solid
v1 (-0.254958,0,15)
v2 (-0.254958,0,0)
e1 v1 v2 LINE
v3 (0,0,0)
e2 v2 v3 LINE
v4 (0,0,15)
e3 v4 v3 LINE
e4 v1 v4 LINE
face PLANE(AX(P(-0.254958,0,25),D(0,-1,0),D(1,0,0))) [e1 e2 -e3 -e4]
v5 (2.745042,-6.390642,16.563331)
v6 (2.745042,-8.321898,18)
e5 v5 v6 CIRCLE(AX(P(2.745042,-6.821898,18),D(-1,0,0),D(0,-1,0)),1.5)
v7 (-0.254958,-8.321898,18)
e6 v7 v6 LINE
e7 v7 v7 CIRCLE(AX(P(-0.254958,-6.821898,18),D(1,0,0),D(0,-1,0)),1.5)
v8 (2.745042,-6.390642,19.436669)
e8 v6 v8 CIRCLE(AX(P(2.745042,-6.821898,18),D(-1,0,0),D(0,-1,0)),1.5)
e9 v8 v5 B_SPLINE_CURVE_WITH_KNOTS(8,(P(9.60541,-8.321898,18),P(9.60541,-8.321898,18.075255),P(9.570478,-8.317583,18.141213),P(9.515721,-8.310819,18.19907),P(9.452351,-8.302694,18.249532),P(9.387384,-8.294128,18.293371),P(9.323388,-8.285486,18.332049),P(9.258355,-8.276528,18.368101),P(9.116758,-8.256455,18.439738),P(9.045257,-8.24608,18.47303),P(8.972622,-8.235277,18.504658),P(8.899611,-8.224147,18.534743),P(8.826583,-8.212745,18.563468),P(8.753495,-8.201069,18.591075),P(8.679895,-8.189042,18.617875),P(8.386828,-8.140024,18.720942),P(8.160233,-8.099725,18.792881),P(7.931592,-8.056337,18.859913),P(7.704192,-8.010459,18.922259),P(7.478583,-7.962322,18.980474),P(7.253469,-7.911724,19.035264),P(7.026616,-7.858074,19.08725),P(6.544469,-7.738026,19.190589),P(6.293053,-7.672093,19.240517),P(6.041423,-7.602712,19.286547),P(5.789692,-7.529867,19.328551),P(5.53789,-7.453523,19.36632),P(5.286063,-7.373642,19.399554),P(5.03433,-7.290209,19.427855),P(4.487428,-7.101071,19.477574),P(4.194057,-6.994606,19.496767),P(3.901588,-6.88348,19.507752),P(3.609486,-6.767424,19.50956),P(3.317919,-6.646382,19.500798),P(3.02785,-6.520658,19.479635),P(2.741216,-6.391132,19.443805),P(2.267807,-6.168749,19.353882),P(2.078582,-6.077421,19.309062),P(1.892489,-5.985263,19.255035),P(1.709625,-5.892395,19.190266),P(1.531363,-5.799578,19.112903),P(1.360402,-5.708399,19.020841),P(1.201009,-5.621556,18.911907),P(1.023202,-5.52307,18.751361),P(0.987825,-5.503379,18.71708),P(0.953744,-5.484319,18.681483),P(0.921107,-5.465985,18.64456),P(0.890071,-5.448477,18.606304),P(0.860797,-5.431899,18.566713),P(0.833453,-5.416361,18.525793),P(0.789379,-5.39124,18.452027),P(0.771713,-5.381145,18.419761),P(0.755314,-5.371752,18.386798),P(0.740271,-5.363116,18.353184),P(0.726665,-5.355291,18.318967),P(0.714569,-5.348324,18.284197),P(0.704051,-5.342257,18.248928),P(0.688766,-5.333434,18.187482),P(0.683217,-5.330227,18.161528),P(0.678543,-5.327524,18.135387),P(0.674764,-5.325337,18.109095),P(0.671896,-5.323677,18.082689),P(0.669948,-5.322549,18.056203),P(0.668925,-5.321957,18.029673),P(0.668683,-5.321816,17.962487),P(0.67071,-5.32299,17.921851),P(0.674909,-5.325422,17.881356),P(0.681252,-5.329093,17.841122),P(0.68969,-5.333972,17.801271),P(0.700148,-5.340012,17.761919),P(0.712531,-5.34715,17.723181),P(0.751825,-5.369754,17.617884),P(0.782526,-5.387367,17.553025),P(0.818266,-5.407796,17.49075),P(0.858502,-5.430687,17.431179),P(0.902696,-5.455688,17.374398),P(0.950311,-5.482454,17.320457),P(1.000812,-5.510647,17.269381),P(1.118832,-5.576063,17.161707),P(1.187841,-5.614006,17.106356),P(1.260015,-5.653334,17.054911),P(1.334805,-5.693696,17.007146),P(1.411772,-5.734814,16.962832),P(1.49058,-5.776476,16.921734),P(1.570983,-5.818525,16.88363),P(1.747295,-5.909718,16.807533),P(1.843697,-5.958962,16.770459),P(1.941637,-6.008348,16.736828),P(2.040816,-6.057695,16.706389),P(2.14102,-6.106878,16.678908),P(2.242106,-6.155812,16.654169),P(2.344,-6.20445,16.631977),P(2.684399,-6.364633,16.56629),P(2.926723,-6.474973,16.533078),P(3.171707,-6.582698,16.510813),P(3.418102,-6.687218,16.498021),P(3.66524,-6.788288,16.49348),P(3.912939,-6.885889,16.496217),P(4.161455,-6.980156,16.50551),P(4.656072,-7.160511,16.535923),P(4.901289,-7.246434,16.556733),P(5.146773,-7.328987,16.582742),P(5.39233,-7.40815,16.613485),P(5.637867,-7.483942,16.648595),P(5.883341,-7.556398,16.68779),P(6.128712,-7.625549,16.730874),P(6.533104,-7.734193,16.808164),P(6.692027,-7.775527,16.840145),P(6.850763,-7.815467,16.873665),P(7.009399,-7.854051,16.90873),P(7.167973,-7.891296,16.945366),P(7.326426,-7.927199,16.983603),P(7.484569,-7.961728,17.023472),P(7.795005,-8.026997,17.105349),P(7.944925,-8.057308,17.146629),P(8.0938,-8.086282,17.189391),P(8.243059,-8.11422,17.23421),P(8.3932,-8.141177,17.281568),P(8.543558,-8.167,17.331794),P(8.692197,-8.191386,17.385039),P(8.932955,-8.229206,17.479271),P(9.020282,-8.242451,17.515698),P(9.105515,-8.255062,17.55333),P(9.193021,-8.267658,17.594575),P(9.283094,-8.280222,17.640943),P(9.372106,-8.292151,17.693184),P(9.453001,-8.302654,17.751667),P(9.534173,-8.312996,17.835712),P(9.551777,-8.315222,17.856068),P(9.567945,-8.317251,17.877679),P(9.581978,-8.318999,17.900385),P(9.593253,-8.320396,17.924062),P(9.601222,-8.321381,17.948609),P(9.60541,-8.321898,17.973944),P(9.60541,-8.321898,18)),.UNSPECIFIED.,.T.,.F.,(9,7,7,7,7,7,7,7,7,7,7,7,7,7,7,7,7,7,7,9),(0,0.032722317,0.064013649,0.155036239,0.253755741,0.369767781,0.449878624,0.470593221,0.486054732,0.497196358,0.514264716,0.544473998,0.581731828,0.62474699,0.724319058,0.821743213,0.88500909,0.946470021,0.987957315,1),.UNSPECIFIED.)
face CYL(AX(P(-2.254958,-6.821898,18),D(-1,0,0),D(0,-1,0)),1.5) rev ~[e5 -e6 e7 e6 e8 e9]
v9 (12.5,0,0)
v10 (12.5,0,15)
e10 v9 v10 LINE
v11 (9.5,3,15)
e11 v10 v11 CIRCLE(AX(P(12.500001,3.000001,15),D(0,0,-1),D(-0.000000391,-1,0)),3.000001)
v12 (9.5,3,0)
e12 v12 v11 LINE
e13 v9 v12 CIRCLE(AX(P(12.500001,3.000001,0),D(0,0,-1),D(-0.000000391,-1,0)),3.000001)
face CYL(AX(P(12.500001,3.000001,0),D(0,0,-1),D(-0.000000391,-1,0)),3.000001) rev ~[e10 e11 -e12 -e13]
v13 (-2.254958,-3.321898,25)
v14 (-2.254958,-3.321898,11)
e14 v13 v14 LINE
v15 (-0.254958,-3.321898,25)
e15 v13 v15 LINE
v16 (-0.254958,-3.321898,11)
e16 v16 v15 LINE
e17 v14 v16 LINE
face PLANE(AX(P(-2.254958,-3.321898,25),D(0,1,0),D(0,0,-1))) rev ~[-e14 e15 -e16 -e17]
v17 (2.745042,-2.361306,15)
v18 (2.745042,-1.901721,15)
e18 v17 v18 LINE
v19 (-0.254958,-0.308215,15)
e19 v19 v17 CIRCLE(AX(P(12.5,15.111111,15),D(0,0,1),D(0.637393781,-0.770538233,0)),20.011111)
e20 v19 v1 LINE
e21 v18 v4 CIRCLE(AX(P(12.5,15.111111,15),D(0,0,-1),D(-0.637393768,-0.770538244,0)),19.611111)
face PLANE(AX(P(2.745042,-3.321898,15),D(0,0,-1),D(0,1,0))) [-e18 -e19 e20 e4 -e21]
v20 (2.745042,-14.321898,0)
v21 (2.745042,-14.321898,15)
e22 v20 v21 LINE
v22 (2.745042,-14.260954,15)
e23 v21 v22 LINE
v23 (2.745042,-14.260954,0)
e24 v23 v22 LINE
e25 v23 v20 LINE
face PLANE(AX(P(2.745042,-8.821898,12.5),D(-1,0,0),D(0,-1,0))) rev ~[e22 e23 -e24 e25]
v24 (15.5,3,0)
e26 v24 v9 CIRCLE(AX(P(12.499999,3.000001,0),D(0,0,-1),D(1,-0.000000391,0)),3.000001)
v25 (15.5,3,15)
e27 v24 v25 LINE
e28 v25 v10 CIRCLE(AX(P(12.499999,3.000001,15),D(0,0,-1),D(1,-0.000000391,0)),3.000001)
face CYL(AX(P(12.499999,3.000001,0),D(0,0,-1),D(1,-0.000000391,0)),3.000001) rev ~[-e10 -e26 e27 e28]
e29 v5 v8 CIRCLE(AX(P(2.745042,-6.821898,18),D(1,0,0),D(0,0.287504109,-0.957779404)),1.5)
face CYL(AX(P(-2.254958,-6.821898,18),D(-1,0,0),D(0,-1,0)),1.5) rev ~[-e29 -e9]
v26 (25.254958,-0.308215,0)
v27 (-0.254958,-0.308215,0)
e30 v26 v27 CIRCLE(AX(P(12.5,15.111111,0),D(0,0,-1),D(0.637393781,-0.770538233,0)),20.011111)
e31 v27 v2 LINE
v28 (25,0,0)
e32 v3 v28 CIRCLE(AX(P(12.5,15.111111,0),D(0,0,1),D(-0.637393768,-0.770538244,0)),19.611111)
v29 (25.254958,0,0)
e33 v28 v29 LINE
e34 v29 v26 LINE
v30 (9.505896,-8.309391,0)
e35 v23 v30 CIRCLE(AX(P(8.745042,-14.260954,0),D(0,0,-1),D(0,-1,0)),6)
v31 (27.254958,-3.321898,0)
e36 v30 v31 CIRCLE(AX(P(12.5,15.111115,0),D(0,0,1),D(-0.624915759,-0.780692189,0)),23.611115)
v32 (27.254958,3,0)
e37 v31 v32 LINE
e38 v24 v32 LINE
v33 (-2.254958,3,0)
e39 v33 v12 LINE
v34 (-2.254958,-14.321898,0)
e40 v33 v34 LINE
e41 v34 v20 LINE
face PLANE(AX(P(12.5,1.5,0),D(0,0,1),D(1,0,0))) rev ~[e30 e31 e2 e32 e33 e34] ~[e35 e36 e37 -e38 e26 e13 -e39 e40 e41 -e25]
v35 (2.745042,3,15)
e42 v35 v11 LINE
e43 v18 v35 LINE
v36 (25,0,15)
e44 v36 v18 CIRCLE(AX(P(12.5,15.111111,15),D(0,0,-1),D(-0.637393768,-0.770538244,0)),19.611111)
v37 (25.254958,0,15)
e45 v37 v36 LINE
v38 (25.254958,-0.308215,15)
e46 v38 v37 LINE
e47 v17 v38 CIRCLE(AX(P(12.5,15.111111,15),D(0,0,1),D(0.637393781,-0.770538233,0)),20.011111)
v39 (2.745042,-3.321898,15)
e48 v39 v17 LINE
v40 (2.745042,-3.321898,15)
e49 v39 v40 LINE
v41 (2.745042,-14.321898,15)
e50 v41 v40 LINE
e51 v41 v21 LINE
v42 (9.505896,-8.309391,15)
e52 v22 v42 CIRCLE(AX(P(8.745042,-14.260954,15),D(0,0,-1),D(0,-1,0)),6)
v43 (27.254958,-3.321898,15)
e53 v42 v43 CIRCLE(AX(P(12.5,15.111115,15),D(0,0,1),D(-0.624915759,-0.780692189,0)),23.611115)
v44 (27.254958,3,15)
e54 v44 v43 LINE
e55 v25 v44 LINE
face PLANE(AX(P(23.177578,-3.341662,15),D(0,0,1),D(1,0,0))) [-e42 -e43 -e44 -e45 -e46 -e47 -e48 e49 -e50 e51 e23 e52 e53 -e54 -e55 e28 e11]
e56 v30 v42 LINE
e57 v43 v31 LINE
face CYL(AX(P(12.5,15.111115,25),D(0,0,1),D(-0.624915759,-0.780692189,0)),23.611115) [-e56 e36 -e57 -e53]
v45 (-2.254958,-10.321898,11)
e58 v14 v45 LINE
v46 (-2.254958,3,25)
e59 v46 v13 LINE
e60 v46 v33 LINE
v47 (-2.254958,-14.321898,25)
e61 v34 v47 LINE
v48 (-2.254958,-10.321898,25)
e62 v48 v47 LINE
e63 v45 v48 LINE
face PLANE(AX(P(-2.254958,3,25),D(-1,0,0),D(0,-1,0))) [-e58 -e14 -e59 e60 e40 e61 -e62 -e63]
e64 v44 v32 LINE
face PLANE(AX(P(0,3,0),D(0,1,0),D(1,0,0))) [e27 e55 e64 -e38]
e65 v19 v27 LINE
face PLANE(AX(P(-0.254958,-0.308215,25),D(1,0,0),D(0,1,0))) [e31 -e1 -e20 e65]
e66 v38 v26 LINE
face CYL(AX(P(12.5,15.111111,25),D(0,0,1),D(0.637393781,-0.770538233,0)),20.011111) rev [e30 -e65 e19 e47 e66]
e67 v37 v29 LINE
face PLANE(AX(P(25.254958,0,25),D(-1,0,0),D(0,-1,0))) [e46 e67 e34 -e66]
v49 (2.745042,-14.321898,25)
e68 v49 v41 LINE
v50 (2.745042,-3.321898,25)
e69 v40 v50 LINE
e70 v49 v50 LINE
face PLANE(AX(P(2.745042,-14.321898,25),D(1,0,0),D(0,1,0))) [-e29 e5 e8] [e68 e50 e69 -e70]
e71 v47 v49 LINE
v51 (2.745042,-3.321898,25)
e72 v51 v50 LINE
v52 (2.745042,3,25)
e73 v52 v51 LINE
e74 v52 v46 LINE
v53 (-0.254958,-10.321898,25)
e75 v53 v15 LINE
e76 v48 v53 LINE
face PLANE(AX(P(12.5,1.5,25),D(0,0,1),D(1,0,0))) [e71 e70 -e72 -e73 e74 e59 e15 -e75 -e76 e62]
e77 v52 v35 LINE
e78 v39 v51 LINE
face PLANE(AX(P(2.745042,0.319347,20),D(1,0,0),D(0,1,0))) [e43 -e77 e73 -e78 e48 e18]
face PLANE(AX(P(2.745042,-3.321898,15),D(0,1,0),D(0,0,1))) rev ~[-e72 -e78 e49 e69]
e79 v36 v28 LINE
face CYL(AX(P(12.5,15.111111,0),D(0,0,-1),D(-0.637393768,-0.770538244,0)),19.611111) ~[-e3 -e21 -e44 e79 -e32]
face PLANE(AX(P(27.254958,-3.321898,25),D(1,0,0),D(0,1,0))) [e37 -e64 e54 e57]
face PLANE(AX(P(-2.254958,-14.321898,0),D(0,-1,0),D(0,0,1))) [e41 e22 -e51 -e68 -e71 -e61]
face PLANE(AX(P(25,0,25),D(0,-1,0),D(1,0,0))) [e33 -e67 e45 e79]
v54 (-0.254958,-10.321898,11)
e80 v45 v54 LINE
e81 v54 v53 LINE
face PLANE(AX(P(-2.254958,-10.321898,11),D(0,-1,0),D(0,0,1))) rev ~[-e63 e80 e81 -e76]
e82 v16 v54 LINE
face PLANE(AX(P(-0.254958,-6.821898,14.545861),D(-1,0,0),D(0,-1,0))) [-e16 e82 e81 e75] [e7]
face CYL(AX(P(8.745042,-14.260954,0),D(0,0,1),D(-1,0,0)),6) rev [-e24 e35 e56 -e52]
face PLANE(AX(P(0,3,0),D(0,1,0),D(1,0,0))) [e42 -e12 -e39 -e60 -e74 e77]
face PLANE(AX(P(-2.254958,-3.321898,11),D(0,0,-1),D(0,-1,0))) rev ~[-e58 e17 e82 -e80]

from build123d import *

# Parameters (mm, degrees)
F0_W      = 25
F0_H      = 3
F1_DEPTH  = 25
F3_DEPTH  = 25
F6_DEPTH  = 25
F7_W      = 11
F7_H      = 25
F8_DEPTH  = 5
F9_R      = 1.5
F10_DEPTH = 39.8
F11_R     = 2.5
F11_R_2   = 1.5
F12_DEPTH = 25
F15_DEPTH = 2
F16_W     = 40.865073
F16_H     = 21.960472
F17_DEPTH = 10
F18_R     = 6
F19_W     = 5.361306
F19_H     = 10
F19_W_2   = 0.960592
F20_DEPTH = 5


with BuildPart() as f1:
    # F0 (on Top) → F1 (new body)
    with BuildSketch(Plane.XY):
        with Locations((12.5, 1.5)):
            Rectangle(F0_W, F0_H)
        with BuildLine():
            Line((25, 0), (0, 0))
            ThreePointArc((0, 0), (12.5, -4.5), (25, 0))
        make_face()
    extrude(amount=F1_DEPTH)


with BuildPart() as f3:
    # F2 (on face) → F3 (new body)
    with BuildSketch(Plane.XY.offset(25)):
        Polygon((-2.254958, -0.308215), (-0.254958, -0.308215), (-0.254958, 0), (0, 0), (0, 3), (-2.254958, 3), align=None)
        with BuildLine():
            ThreePointArc((25.254958, -0.308215), (12.5, -4.9), (-0.254958, -0.308215))
            Line((-0.254958, -0.308215), (-2.254958, -0.308215))
            Line((-2.254958, -0.308215), (-2.254958, -3.321898))
            ThreePointArc((-2.254958, -3.321898), (12.5, -8.5), (27.254958, -3.321898))
            Line((27.254958, -3.321898), (27.254958, -0.308215))
            Line((27.254958, -0.308215), (25.254958, -0.308215))
        make_face()
        Polygon((25.254958, 0), (25.254958, -0.308215), (27.254958, -0.308215), (27.254958, 3), (25, 3), (25, 0), align=None)
    extrude(amount=-F3_DEPTH)

    # F4: union F1
    add(f1.part)

    # F5 (on face) → F6 (cut)
    with BuildSketch(Plane(origin=(0, 0, 0), x_dir=(1, 0, 0), z_dir=(0, 0, -1))):
        with BuildLine():
            Line((12.5, 0), (12.5, -3))
            Line((12.5, -3), (15.5, -3))
            ThreePointArc((15.5, -3), (14.62132, -0.87868), (12.5, 0))
        make_face()
        with BuildLine():
            Line((9.5, -3), (12.5, -3))
            Line((12.5, -3), (12.5, 0))
            ThreePointArc((12.5, 0), (10.37868, -0.87868), (9.5, -3))
        make_face()
    extrude(amount=-F6_DEPTH, mode=Mode.SUBTRACT)


with BuildPart() as f8:
    # F7 (on face) → F8 (new body)
    with BuildSketch(Plane(origin=(-2.254958, 0, 0), x_dir=(0, -1, 0), z_dir=(-1, 0, 0))):
        with Locations((8.821898, 12.5)):
            Rectangle(F7_W, F7_H)
    extrude(amount=-F8_DEPTH)


with BuildPart() as f10_tool:
    # F9 (on face) → F10 (new body)
    with BuildSketch(Plane(origin=(-2.254958, 0, 0), x_dir=(0, -1, 0), z_dir=(-1, 0, 0))):
        with Locations((6.821898, 18)):
            Circle(F9_R)
    extrude(amount=-F10_DEPTH)


with BuildPart() as f3_1:
    add(f3.part)

    # F10: cut by f10_tool
    add(f10_tool.part, mode=Mode.SUBTRACT)

    # F11 (on face) → F12 (cut)
    with BuildSketch(Plane.YZ.offset(2.745042)):
        with Locations((-6.821898, 18)):
            Circle(F11_R)
        with Locations((-6.821898, 18)):
            Circle(F11_R_2, mode=Mode.SUBTRACT)
    extrude(amount=F12_DEPTH, mode=Mode.SUBTRACT)


with BuildPart() as f8_1:
    add(f8.part)

    # F10: cut by f10_tool
    add(f10_tool.part, mode=Mode.SUBTRACT)


with BuildPart() as f3_2:
    add(f3_1.part)

    # F13: union F8
    add(f8_1.part)

    # F14 (on face) → F15 (cut)
    with BuildSketch(Plane(origin=(-2.254958, 0, 0), x_dir=(0, -1, 0), z_dir=(-1, 0, 0))):
        with BuildLine():
            ThreePointArc((8.321898, 18), (6.821898, 16.5), (5.321898, 18))
            Line((5.321898, 18), (3.321898, 18))
            Line((3.321898, 18), (3.321898, 11))
            Line((3.321898, 11), (10.321898, 11))
            Line((10.321898, 11), (10.321898, 18))
            Line((10.321898, 18), (8.321898, 18))
        make_face()
        with BuildLine():
            Line((3.321898, 18), (5.321898, 18))
            ThreePointArc((5.321898, 18), (6.821898, 19.5), (8.321898, 18))
            Line((8.321898, 18), (10.321898, 18))
            Line((10.321898, 18), (10.321898, 25))
            Line((10.321898, 25), (3.321898, 25))
            Line((3.321898, 25), (3.321898, 18))
        make_face()
    extrude(amount=-F15_DEPTH, mode=Mode.SUBTRACT)

    # F16 (on face) → F17 (cut)
    with BuildSketch(Plane.XY.offset(25)):
        with Locations((23.177578, -3.341662)):
            Rectangle(F16_W, F16_H)
    extrude(amount=-F17_DEPTH, mode=Mode.SUBTRACT)

    # F18
    f18_edges = [f3_2.edges().sort_by_distance(p)[0] for p in [
        (2.745042, -6.390642, 7.5),
    ]]
    fillet(f18_edges, radius=F18_R)

    # F19 (on face) → F20 (join, through all)
    with BuildSketch(Plane.YZ.offset(2.745042)):
        with Locations((0.319347, 20)):
            Rectangle(F19_W, F19_H)
        with Locations((-2.841602, 20)):
            Rectangle(F19_W_2, F19_H)
    extrude(amount=-F20_DEPTH)


solid = f3_2.part
